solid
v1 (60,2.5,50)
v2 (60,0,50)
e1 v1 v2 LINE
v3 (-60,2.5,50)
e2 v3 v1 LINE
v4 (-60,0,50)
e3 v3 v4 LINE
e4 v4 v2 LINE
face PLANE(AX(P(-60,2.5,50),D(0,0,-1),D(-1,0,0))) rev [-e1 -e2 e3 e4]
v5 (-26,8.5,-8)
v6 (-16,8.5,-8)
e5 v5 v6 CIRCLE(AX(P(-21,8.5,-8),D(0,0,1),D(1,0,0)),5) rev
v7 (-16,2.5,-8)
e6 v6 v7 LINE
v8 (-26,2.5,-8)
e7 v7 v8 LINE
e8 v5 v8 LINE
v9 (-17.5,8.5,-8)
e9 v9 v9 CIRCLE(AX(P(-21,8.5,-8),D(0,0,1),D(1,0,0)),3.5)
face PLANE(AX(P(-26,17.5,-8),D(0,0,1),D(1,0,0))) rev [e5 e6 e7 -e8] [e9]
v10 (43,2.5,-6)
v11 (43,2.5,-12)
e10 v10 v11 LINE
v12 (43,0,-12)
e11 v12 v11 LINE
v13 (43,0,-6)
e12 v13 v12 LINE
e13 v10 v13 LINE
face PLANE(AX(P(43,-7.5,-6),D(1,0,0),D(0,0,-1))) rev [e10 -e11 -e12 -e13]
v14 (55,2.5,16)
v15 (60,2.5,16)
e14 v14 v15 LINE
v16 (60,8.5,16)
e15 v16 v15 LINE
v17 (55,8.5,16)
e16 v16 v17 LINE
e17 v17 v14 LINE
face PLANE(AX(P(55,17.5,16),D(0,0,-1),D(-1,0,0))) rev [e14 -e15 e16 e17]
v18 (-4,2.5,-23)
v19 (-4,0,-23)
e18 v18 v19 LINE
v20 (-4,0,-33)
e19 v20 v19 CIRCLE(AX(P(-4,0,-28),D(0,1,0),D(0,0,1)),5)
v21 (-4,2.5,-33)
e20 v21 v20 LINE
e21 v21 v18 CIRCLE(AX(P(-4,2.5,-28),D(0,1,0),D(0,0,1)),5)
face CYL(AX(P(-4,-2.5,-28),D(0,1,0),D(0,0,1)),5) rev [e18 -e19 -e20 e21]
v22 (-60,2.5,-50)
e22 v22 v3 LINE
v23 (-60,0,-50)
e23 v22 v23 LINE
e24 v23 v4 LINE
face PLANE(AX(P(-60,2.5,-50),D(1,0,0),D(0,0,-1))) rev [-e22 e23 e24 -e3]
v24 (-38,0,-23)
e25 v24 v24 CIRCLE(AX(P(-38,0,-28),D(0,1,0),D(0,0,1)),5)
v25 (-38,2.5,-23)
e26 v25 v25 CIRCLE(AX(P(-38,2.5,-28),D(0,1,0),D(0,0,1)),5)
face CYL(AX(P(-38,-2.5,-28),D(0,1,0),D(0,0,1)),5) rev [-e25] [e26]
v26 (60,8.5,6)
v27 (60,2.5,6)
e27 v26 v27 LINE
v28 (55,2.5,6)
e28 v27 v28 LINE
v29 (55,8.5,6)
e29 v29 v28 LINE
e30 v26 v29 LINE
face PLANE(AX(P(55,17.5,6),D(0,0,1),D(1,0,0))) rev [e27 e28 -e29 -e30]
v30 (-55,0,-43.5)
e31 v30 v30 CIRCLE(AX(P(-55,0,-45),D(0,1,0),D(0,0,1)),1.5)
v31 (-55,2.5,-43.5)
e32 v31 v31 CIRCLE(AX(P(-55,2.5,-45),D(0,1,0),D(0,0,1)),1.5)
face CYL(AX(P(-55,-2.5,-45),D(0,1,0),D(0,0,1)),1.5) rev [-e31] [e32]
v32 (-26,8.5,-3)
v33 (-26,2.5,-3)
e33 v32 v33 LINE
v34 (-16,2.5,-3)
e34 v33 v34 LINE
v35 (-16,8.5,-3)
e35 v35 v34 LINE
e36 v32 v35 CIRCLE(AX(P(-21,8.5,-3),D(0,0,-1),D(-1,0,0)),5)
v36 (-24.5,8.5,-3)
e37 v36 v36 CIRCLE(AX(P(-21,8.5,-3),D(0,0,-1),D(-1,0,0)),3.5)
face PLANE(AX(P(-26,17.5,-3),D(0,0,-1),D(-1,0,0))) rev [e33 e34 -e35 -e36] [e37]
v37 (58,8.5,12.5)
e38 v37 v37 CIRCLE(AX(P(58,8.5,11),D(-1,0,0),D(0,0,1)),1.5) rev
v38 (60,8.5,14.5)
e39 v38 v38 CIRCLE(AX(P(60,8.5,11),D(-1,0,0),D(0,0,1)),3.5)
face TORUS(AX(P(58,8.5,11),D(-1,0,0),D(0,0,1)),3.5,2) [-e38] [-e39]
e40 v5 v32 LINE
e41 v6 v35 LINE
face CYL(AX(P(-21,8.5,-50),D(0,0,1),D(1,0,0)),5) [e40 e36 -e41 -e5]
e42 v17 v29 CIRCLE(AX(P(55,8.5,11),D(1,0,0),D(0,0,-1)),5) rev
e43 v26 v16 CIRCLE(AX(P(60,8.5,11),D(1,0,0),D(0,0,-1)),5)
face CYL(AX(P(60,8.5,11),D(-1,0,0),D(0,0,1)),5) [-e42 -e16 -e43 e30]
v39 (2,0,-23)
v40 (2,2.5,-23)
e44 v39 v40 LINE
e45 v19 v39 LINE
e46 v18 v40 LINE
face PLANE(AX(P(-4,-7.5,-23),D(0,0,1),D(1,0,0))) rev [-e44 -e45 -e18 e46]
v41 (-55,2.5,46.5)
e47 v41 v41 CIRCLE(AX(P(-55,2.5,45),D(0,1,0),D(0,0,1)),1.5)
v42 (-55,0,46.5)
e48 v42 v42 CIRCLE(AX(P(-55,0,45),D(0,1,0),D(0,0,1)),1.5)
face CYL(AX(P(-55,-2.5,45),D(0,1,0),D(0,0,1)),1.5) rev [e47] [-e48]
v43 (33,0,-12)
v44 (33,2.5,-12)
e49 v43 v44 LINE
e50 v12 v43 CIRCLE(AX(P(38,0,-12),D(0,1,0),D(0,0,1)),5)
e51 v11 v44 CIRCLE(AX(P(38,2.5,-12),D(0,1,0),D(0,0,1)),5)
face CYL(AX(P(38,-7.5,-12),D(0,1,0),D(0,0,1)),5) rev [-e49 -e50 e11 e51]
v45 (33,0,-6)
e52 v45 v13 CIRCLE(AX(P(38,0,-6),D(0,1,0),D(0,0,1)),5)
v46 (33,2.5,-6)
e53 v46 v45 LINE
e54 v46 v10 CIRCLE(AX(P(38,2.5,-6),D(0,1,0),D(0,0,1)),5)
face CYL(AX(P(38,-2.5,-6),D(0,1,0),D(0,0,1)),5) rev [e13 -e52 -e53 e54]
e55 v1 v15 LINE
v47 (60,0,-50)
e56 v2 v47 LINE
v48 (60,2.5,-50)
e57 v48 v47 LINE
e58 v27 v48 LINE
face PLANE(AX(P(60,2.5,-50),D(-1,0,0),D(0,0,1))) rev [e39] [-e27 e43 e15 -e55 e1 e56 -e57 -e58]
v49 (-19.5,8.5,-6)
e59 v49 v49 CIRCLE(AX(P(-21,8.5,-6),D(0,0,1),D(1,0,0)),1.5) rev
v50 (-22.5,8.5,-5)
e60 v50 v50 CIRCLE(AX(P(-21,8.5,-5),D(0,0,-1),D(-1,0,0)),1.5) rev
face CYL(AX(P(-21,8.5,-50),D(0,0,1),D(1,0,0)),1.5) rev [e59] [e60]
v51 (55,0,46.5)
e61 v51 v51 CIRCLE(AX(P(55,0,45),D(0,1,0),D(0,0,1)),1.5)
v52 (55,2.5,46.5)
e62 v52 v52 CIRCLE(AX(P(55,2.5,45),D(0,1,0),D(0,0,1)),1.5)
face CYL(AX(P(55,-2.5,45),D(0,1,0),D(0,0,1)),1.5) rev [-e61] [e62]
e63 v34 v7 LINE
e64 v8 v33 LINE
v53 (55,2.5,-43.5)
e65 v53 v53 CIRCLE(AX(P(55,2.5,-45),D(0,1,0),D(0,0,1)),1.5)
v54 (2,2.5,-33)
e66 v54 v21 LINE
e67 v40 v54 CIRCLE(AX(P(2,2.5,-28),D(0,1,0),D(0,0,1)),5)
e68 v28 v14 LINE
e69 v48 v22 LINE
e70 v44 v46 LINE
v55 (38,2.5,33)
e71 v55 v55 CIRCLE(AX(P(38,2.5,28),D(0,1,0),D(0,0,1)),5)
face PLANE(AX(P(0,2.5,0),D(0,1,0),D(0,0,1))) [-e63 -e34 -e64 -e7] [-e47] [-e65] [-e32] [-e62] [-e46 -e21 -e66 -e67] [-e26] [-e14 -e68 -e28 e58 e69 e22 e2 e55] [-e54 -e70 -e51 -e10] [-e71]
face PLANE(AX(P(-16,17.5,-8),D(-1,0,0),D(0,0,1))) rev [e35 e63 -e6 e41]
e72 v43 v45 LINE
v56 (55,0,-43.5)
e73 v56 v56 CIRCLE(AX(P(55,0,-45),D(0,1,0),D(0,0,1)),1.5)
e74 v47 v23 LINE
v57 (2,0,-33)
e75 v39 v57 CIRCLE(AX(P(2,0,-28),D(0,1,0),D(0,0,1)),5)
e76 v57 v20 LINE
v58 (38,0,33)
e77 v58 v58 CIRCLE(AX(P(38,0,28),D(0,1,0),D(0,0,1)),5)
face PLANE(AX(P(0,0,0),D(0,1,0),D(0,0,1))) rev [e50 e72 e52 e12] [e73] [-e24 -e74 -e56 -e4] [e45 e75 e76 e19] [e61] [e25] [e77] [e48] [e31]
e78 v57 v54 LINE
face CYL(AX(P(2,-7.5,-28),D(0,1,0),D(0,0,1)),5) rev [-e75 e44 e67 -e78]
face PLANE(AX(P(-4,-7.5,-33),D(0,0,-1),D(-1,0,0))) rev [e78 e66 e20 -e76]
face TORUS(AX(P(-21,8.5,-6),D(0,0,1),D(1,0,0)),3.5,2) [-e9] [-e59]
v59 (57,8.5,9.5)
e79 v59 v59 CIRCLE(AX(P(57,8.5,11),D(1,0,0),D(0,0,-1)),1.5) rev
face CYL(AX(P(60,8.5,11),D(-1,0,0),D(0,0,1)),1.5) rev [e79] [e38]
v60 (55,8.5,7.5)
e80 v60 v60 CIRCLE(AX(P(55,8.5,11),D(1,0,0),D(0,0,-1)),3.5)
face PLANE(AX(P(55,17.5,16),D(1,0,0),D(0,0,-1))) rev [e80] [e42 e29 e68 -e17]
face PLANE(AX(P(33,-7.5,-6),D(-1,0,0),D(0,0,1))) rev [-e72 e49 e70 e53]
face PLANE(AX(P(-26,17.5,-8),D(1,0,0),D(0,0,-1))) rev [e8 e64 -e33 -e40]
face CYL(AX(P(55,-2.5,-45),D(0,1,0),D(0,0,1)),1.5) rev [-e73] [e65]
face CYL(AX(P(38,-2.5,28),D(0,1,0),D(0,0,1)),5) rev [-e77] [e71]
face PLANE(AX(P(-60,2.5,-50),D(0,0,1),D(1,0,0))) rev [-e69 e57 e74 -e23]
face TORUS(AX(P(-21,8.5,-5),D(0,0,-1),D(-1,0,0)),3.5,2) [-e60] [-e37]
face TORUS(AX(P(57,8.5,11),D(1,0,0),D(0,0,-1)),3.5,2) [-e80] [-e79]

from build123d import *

# Parameters (mm, degrees)
SKETCH2_W           = 120
SKETCH2_H           = 100
BOSS_EXTRUDE1_DEPTH = 2.5
SKETCH3_R           = 1.5
CUT_EXTRUDE1_DEPTH  = 5
SKETCH4_R           = 5
CUT_EXTRUDE2_DEPTH  = 5
CUT_EXTRUDE3_DEPTH  = 10
SKETCH6_W           = 10
SKETCH6_H           = 5
SKETCH6_W_2         = 5
SKETCH6_H_2         = 10
BOSS_EXTRUDE2_DEPTH = 15
SKETCH7_R           = 1.5
CUT_EXTRUDE4_DEPTH  = 82.946628973
SKETCH8_R           = 1.5
CUT_EXTRUDE5_DEPTH  = 99.001275502
FILLET1_R           = 2
SKETCH9_W           = 10
SKETCH9_H           = 5
SKETCH9_W_2         = 5
SKETCH9_H_2         = 10
CUT_EXTRUDE6_DEPTH  = 15


with BuildPart() as part:
    # Sketch2 → Boss-Extrude1 (new body)
    with BuildSketch(Plane(origin=(0, 0, 0), x_dir=(1, 0, 0), z_dir=(0, 1, 0))):
        Rectangle(SKETCH2_W, SKETCH2_H)
    extrude(amount=BOSS_EXTRUDE1_DEPTH)

    # Sketch3 → Cut-Extrude1 (cut)
    with BuildSketch(Plane(origin=(0, 2.5, 0), x_dir=(1, 0, 0), z_dir=(0, 1, 0))):
        with Locations(Location((-55, 45, 0), (0, 0, 270))):
            Circle(SKETCH3_R)
        with Locations(Location((55, 45, 0), (0, 0, 270))):
            Circle(SKETCH3_R)
        with Locations(Location((55, -45, 0), (0, 0, 270))):
            Circle(SKETCH3_R)
        with Locations(Location((-55, -45, 0), (0, 0, 270))):
            Circle(SKETCH3_R)
    extrude(amount=-CUT_EXTRUDE1_DEPTH, mode=Mode.SUBTRACT)

    # Sketch4 → Cut-Extrude2 (cut)
    with BuildSketch(Plane(origin=(0, 2.5, 0), x_dir=(1, 0, 0), z_dir=(0, 1, 0))):
        with Locations(Location((-38, 28, 0), (0, 0, 270))):
            Circle(SKETCH4_R)
        with Locations(Location((-4, 28, 0), (0, 0, 270))):
            Circle(SKETCH4_R)
        with Locations(Location((38, 6, 0), (0, 0, 270))):
            Circle(SKETCH4_R)
        with Locations(Location((38, -28, 0), (0, 0, 270))):
            Circle(SKETCH4_R)
    extrude(amount=-CUT_EXTRUDE2_DEPTH, mode=Mode.SUBTRACT)

    # Sketch5 → Cut-Extrude3 (cut)
    with BuildSketch(Plane(origin=(0, 2.5, 0), x_dir=(1, 0, 0), z_dir=(0, 1, 0))):
        with BuildLine():
            Line((-4, 33), (2, 33))
            ThreePointArc((2, 33), (7, 28), (2, 23))
            Line((2, 23), (-4, 23))
            ThreePointArc((-4, 23), (-9, 28), (-4, 33))
        make_face()
        with BuildLine():
            Line((33, 6), (33, 12))
            ThreePointArc((33, 12), (38, 17), (43, 12))
            Line((43, 12), (43, 6))
            ThreePointArc((43, 6), (38, 1), (33, 6))
        make_face()
    extrude(amount=-CUT_EXTRUDE3_DEPTH, mode=Mode.SUBTRACT)

    # Sketch6 → Boss-Extrude2 (add)
    with BuildSketch(Plane(origin=(0, 2.5, 0), x_dir=(1, 0, 0), z_dir=(0, 1, 0))):
        with Locations((-21, 5.5)):
            Rectangle(SKETCH6_W, SKETCH6_H)
        with Locations((57.5, -11)):
            Rectangle(SKETCH6_W_2, SKETCH6_H_2)
        with Locations((-21, 47.5)):
            Rectangle(SKETCH6_W, SKETCH6_H)
        with Locations((15.5, -11)):
            Rectangle(SKETCH6_W_2, SKETCH6_H_2)
    extrude(amount=BOSS_EXTRUDE2_DEPTH)

    # Sketch7 → Cut-Extrude4 (cut, through all)
    with BuildSketch(Plane.XY.offset(-3)):
        with Locations((-21, 8.5)):
            Circle(SKETCH7_R)
        with BuildLine():
            Line((-16, 8.5), (-16, 17.5))
            Line((-16, 17.5), (-26, 17.5))
            Line((-26, 17.5), (-26, 8.5))
            ThreePointArc((-26, 8.5), (-21, 13.5), (-16, 8.5))
        make_face()
    extrude(amount=-CUT_EXTRUDE4_DEPTH, mode=Mode.SUBTRACT)

    # Sketch8 → Cut-Extrude5 (cut, through all)
    with BuildSketch(Plane(origin=(13, 0, -13), x_dir=(0, 0, 1), z_dir=(-1, 0, 0))):
        with Locations((24, 8.5)):
            Circle(SKETCH8_R)
        with BuildLine():
            Line((29, 8.5), (29, 17.5))
            Line((29, 17.5), (19, 17.5))
            Line((19, 17.5), (19, 8.5))
            ThreePointArc((19, 8.5), (24, 13.5), (29, 8.5))
        make_face()
    extrude(amount=-CUT_EXTRUDE5_DEPTH, mode=Mode.SUBTRACT)

    # Fillet1
    fillet1_edges = [part.edges().sort_by_distance(p)[0] for p in [
        (-22.5, 8.5, -8),
        (-22.5, 8.5, -50),
        (-22.5, 8.5, -45),
        (-22.5, 8.5, -3),
        (60, 8.5, 9.5),
        (55, 8.5, 9.5),
        (18, 8.5, 9.5),
        (13, 8.5, 9.5),
    ]]
    fillet(fillet1_edges, radius=FILLET1_R)

    # Sketch9 → Cut-Extrude6 (cut)
    with BuildSketch(Plane(origin=(0, 2.5, 0), x_dir=(1, 0, 0), z_dir=(0, 1, 0))):
        with Locations((-21, 47.5)):
            Rectangle(SKETCH9_W, SKETCH9_H)
        with Locations((15.5, -11)):
            Rectangle(SKETCH9_W_2, SKETCH9_H_2)
    extrude(amount=CUT_EXTRUDE6_DEPTH, mode=Mode.SUBTRACT)


solid = part.part
